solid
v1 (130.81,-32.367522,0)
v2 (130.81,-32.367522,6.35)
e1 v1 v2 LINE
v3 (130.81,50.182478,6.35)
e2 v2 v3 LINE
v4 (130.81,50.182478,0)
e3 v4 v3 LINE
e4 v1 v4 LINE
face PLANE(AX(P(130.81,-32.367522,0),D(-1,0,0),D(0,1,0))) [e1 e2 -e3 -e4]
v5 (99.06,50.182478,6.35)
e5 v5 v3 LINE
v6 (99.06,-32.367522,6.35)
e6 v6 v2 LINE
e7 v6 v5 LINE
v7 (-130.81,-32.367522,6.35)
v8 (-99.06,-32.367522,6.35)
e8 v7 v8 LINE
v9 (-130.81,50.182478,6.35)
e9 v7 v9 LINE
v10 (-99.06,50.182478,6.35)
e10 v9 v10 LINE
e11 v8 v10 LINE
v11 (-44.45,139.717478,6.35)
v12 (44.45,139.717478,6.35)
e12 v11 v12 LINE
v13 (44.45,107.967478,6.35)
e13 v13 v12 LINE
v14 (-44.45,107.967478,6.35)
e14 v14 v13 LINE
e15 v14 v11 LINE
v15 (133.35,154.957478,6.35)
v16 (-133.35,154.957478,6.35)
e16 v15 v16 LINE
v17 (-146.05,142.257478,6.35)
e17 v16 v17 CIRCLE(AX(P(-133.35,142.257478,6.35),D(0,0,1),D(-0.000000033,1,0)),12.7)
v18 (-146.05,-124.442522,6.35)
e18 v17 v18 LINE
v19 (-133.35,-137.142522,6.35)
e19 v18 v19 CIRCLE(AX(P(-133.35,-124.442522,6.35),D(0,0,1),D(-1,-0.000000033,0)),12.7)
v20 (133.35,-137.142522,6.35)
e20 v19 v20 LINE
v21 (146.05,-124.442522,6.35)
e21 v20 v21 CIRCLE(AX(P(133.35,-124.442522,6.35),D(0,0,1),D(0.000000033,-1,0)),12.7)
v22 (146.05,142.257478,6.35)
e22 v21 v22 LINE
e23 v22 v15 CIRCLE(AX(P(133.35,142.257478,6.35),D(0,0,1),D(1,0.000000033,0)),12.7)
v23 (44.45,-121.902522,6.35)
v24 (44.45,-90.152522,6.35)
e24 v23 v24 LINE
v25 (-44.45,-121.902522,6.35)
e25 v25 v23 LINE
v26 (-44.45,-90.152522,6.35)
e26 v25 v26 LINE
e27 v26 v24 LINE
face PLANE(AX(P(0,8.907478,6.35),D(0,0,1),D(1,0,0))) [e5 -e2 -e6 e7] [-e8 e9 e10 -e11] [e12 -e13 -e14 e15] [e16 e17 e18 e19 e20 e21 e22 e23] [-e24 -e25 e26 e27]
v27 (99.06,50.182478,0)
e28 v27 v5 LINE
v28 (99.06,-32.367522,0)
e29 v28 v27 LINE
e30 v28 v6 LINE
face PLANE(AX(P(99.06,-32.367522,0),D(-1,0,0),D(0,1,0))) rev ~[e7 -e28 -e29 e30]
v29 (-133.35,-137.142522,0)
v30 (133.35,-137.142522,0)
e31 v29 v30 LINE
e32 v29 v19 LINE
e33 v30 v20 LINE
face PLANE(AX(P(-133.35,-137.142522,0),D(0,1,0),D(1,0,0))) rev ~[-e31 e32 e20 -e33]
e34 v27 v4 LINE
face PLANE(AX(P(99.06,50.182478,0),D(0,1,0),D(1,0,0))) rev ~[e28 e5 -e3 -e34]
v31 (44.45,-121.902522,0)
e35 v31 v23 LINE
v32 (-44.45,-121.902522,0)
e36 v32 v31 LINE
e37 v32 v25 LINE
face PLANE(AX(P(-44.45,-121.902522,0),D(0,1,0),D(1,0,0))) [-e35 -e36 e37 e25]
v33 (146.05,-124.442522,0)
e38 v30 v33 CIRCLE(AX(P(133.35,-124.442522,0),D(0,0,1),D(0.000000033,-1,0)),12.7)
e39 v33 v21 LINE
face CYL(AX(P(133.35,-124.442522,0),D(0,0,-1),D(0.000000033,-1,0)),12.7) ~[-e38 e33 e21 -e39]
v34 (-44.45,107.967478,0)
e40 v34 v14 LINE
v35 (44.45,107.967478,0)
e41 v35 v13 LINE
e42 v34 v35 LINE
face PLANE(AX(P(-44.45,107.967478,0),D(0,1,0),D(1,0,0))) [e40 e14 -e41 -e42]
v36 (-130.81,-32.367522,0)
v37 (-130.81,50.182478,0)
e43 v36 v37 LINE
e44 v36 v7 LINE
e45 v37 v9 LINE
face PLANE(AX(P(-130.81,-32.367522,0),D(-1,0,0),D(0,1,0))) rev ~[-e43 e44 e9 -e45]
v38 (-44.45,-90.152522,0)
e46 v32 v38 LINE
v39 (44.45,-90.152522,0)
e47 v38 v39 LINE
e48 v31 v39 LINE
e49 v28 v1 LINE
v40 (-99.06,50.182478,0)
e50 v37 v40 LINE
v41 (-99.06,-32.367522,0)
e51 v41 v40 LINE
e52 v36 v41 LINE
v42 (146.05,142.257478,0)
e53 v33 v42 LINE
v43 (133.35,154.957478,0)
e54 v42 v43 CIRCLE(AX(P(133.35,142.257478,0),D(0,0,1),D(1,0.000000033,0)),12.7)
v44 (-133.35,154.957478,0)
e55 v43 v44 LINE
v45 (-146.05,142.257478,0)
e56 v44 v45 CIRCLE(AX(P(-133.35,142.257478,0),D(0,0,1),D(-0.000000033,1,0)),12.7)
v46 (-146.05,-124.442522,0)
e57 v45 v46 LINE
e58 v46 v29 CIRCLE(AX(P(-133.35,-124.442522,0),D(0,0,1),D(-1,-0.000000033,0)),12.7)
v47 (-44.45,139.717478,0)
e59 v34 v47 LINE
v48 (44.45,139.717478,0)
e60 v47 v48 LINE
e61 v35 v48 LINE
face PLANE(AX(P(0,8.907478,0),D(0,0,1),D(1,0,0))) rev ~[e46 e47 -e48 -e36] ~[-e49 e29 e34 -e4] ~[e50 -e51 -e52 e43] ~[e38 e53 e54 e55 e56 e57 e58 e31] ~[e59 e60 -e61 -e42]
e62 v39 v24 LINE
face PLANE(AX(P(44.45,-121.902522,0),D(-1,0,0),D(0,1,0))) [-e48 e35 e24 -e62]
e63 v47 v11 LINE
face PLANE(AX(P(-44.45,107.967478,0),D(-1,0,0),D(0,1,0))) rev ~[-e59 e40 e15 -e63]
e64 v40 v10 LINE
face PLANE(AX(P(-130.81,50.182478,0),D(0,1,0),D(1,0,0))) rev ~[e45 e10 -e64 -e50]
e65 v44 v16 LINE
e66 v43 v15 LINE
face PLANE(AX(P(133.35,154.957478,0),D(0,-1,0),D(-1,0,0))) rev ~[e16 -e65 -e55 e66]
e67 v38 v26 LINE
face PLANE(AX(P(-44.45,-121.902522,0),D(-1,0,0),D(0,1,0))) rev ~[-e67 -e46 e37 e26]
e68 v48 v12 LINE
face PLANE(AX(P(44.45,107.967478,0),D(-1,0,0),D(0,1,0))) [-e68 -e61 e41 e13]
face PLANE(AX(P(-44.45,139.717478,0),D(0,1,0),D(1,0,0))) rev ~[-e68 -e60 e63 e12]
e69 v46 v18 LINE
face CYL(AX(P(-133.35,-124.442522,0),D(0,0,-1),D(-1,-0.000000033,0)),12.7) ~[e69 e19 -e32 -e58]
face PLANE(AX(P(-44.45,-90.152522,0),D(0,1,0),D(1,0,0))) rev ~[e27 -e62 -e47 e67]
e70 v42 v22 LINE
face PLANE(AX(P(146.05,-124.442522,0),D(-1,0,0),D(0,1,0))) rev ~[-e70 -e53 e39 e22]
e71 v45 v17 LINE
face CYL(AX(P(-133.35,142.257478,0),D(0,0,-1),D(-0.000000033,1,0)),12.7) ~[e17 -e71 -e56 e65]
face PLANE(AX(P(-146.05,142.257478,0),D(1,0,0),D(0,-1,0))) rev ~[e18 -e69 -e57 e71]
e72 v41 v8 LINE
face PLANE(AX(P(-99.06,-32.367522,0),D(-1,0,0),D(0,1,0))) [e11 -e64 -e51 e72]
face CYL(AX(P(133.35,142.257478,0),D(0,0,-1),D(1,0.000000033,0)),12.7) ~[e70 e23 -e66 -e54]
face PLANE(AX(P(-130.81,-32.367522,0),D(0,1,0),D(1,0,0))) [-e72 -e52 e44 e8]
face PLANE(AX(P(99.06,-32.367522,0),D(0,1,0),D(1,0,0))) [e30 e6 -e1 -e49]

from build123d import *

# Parameters (mm, degrees)
F0_W     = 31.75
F0_H     = 82.55
F0_W_2   = 88.9
F0_H_2   = 31.75
F1_DEPTH = 6.35


with BuildPart() as f1:
    # F0 (on Top) → F1 (new body)
    with BuildSketch(Plane.XY):
        with BuildLine():
            ThreePointArc((-146.05, -124.442522), (-142.330256, -133.422778), (-133.35, -137.142522))
            Line((-133.35, -137.142522), (133.35, -137.142522))
            ThreePointArc((133.35, -137.142522), (142.330256, -133.422778), (146.05, -124.442522))
            Line((146.05, -124.442522), (146.05, 142.257478))
            ThreePointArc((146.05, 142.257478), (142.330256, 151.237734), (133.35, 154.957478))
            Line((133.35, 154.957478), (-133.35, 154.957478))
            ThreePointArc((-133.35, 154.957478), (-142.330256, 151.237734), (-146.05, 142.257478))
            Line((-146.05, 142.257478), (-146.05, -124.442522))
        make_face()
        with Locations((-114.935, 8.907478)):
            Rectangle(F0_W, F0_H, mode=Mode.SUBTRACT)
        with Locations((0, -106.027522)):
            Rectangle(F0_W_2, F0_H_2, mode=Mode.SUBTRACT)
        with Locations((114.935, 8.907478)):
            Rectangle(F0_W, F0_H, mode=Mode.SUBTRACT)
        with Locations((0, 123.842478)):
            Rectangle(F0_W_2, F0_H_2, mode=Mode.SUBTRACT)
    extrude(amount=F1_DEPTH)


solid = f1.part
